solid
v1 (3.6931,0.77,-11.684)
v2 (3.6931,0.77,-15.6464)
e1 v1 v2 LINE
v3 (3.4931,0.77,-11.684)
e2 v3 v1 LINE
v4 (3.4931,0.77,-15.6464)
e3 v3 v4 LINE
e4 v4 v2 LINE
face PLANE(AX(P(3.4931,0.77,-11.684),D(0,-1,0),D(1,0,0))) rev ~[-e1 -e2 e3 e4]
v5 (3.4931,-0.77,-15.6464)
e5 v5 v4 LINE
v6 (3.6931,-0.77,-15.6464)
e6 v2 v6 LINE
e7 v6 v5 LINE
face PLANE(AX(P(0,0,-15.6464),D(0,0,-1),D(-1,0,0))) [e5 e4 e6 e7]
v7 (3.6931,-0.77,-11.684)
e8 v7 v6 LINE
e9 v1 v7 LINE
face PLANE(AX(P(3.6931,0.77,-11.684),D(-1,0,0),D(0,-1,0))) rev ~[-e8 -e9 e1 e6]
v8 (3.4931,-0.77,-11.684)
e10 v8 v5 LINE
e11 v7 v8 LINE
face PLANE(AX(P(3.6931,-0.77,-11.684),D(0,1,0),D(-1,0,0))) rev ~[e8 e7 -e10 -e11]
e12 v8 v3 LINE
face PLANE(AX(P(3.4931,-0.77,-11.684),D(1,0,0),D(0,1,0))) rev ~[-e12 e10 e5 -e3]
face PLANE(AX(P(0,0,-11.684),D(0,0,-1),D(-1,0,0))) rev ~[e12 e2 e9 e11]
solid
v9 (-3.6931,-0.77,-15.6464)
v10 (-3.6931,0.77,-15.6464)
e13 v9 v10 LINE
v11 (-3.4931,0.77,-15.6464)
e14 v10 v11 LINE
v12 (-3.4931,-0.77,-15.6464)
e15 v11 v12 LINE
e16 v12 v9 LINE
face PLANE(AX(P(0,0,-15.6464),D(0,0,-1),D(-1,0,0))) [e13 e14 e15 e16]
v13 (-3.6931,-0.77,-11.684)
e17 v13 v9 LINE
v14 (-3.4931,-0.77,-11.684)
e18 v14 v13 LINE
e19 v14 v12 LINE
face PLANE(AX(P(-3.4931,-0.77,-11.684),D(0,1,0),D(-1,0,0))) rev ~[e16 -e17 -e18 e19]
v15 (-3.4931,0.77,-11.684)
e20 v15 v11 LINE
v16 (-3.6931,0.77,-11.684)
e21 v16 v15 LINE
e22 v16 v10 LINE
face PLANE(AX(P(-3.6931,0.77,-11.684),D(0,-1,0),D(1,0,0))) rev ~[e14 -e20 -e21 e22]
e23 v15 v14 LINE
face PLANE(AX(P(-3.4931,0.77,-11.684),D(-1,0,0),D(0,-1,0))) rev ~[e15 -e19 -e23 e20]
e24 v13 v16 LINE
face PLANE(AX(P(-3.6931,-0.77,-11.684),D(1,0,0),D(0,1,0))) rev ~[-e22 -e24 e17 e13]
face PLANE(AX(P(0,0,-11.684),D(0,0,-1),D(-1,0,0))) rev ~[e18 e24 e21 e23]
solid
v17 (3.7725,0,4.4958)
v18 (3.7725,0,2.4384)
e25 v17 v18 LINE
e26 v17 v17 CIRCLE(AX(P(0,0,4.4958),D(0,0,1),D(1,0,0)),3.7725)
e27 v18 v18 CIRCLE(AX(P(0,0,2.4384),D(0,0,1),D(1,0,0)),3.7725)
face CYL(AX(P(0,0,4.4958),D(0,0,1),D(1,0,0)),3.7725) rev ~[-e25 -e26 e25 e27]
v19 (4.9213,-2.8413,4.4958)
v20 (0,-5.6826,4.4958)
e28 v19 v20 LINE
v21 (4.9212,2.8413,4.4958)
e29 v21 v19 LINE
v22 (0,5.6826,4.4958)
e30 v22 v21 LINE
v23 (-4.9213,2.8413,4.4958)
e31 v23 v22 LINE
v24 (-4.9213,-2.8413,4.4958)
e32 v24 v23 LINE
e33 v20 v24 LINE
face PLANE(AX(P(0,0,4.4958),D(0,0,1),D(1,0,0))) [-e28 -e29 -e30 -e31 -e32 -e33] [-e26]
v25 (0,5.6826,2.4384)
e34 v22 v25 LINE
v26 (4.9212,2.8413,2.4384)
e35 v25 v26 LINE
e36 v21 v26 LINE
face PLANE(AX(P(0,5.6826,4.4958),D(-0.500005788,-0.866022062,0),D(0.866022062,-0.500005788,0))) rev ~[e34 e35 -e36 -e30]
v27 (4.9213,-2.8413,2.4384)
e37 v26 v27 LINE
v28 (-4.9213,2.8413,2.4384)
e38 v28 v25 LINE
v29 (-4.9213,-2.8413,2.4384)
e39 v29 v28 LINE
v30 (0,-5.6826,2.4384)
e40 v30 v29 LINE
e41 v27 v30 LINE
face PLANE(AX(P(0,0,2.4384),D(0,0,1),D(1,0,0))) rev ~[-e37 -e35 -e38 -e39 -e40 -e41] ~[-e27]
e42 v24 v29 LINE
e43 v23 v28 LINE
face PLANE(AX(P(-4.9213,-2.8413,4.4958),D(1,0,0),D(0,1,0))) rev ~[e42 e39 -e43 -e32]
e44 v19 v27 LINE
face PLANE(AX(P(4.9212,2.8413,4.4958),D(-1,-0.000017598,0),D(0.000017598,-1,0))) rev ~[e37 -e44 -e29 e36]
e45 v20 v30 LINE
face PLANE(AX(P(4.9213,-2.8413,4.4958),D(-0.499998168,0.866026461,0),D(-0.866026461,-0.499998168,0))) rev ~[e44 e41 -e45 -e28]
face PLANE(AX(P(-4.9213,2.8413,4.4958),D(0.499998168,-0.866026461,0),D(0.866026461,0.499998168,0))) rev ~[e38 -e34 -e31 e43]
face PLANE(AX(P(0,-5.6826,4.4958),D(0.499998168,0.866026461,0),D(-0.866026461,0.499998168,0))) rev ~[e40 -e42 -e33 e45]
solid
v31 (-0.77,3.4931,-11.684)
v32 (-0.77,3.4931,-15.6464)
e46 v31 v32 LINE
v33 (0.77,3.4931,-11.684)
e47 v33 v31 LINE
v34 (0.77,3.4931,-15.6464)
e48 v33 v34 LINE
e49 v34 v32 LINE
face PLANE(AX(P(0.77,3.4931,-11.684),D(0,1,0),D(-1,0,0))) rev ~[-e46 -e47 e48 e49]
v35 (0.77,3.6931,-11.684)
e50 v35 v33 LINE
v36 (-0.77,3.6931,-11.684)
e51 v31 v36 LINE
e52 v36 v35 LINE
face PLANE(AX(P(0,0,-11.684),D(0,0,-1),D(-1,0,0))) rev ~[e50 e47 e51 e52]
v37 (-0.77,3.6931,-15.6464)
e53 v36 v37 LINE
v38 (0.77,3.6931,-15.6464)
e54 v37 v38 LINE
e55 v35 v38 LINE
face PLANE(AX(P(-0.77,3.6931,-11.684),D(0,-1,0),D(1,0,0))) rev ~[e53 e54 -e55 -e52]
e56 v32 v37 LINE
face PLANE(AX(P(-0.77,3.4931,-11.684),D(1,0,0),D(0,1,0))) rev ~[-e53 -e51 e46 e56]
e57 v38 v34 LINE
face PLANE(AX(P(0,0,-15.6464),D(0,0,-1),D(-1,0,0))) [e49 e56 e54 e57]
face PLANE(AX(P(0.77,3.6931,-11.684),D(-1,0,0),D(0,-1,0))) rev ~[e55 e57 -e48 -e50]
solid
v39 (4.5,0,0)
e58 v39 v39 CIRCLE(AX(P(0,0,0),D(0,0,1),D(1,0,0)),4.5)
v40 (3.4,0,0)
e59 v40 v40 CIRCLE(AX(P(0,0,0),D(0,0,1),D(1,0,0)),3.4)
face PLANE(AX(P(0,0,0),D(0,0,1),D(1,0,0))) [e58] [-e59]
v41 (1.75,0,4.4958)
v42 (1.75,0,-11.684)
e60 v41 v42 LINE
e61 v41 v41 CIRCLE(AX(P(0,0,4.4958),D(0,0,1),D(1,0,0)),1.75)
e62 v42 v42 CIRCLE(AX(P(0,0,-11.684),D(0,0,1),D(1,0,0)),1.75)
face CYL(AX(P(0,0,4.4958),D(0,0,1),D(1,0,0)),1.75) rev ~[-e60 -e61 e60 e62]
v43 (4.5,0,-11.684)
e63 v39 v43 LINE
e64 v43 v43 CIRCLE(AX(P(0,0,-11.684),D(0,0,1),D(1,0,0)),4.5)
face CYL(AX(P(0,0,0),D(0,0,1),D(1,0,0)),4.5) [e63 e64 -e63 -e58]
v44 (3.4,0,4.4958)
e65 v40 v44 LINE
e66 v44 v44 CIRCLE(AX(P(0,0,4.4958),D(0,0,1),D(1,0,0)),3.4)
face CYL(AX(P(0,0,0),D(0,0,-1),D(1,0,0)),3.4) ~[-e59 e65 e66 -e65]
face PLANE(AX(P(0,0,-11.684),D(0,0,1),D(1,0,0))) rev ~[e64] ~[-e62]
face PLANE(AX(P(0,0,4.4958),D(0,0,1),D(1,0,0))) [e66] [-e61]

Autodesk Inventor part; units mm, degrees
ref_plane "YZ Plane" through (0, 0, 0) normal (1, 0, 0) x (0, 1, 0)
ref_plane "XZ Plane" through (0, 0, 0) normal (0, 1, 0) x (-1, 0, 0)
ref_plane "XY Plane" through (0, 0, 0) normal (0, 0, 1) x (1, 0, 0)
sketch "Sketch1" plane through (0, 0, 0) normal (0, 0, 1) x (1, 0, 0)
  circle A0 centre (0, 0) radius 4.5
  circle A1 centre (0, 0) radius 3.4
  dimension "d0" = 9
  dimension "d1" = 6.8
extrude "Extrusion1" add sketch "Sketch1" against normal blind 11.684 contours A0 | A1
extrude "Extrusion2" add sketch "Sketch1" along normal blind 4.4958 contours A1
sketch "Sketch2" plane through (0, 0, 4.4958) normal (0, 0, 1) x (1, 0, 0)
  circle A0 centre (0, 0) radius 1.75
  dimension "d6" = 3.5
extrude "Extrusion3" cut sketch "Sketch2" against normal blind 21.4958
sketch "Sketch3" plane through (0, 0, 4.4958) normal (0, 0, 1) x (1, 0, 0)
  line L0 (4.9213, -2.8413) -> (0, -5.6826)
  line L1 (0, -5.6826) -> (-4.9213, -2.8413)
  line L2 (-4.9213, -2.8413) -> (-4.9213, 2.8413)
  line L3 (-4.9213, 2.8413) -> (0, 5.6826)
  line L4 (0, 5.6826) -> (4.9212, 2.8413)
  line L5 (4.9212, 2.8413) -> (4.9213, -2.8413)
  circle A0 centre (0, 0) radius 3.7725
  dimension "d9" = 9.8425
  dimension "d12" = 7.5451
extrude "Extrusion4" add sketch "Sketch3" against normal blind 2.0574 separate body
sketch "Sketch4" plane through (0, 0, -11.684) normal (0, 0, -1) x (-1, 0, 0)
  line L0 (-3.6931, -0.77) -> (-3.4931, -0.77)
  line L1 (-3.4931, -0.77) -> (-3.4931, 0.77)
  line L2 (-3.4931, 0.77) -> (-3.6931, 0.77)
  line L3 (-3.6931, 0.77) -> (-3.6931, -0.77)
  circle A0 centre (0, 0) radius 3.7725 projected
  line L4 (-0.77, 3.4931) -> (0.77, 3.4931)
  line L5 (0.77, 3.4931) -> (0.77, 3.6931)
  line L6 (0.77, 3.6931) -> (-0.77, 3.6931)
  line L7 (-0.77, 3.6931) -> (-0.77, 3.4931)
  line L8 (3.4931, -0.77) -> (3.6931, -0.77)
  line L9 (3.6931, -0.77) -> (3.6931, 0.77)
  line L10 (3.6931, 0.77) -> (3.4931, 0.77)
  line L11 (3.4931, 0.77) -> (3.4931, -0.77)
  point P0 (3.4931, 0)
  point P1 (-3.4931, 0)
  dimension "d13" = 0.2
  dimension "d14" = 1.54
extrude "Extrusion5" add sketch "Sketch4" along normal blind 3.9624 separate body contours L3 L2 L1 L0 | L8 L11 L10 L9 | L6 L5 L4 L7
properties part number "headphone jack"
